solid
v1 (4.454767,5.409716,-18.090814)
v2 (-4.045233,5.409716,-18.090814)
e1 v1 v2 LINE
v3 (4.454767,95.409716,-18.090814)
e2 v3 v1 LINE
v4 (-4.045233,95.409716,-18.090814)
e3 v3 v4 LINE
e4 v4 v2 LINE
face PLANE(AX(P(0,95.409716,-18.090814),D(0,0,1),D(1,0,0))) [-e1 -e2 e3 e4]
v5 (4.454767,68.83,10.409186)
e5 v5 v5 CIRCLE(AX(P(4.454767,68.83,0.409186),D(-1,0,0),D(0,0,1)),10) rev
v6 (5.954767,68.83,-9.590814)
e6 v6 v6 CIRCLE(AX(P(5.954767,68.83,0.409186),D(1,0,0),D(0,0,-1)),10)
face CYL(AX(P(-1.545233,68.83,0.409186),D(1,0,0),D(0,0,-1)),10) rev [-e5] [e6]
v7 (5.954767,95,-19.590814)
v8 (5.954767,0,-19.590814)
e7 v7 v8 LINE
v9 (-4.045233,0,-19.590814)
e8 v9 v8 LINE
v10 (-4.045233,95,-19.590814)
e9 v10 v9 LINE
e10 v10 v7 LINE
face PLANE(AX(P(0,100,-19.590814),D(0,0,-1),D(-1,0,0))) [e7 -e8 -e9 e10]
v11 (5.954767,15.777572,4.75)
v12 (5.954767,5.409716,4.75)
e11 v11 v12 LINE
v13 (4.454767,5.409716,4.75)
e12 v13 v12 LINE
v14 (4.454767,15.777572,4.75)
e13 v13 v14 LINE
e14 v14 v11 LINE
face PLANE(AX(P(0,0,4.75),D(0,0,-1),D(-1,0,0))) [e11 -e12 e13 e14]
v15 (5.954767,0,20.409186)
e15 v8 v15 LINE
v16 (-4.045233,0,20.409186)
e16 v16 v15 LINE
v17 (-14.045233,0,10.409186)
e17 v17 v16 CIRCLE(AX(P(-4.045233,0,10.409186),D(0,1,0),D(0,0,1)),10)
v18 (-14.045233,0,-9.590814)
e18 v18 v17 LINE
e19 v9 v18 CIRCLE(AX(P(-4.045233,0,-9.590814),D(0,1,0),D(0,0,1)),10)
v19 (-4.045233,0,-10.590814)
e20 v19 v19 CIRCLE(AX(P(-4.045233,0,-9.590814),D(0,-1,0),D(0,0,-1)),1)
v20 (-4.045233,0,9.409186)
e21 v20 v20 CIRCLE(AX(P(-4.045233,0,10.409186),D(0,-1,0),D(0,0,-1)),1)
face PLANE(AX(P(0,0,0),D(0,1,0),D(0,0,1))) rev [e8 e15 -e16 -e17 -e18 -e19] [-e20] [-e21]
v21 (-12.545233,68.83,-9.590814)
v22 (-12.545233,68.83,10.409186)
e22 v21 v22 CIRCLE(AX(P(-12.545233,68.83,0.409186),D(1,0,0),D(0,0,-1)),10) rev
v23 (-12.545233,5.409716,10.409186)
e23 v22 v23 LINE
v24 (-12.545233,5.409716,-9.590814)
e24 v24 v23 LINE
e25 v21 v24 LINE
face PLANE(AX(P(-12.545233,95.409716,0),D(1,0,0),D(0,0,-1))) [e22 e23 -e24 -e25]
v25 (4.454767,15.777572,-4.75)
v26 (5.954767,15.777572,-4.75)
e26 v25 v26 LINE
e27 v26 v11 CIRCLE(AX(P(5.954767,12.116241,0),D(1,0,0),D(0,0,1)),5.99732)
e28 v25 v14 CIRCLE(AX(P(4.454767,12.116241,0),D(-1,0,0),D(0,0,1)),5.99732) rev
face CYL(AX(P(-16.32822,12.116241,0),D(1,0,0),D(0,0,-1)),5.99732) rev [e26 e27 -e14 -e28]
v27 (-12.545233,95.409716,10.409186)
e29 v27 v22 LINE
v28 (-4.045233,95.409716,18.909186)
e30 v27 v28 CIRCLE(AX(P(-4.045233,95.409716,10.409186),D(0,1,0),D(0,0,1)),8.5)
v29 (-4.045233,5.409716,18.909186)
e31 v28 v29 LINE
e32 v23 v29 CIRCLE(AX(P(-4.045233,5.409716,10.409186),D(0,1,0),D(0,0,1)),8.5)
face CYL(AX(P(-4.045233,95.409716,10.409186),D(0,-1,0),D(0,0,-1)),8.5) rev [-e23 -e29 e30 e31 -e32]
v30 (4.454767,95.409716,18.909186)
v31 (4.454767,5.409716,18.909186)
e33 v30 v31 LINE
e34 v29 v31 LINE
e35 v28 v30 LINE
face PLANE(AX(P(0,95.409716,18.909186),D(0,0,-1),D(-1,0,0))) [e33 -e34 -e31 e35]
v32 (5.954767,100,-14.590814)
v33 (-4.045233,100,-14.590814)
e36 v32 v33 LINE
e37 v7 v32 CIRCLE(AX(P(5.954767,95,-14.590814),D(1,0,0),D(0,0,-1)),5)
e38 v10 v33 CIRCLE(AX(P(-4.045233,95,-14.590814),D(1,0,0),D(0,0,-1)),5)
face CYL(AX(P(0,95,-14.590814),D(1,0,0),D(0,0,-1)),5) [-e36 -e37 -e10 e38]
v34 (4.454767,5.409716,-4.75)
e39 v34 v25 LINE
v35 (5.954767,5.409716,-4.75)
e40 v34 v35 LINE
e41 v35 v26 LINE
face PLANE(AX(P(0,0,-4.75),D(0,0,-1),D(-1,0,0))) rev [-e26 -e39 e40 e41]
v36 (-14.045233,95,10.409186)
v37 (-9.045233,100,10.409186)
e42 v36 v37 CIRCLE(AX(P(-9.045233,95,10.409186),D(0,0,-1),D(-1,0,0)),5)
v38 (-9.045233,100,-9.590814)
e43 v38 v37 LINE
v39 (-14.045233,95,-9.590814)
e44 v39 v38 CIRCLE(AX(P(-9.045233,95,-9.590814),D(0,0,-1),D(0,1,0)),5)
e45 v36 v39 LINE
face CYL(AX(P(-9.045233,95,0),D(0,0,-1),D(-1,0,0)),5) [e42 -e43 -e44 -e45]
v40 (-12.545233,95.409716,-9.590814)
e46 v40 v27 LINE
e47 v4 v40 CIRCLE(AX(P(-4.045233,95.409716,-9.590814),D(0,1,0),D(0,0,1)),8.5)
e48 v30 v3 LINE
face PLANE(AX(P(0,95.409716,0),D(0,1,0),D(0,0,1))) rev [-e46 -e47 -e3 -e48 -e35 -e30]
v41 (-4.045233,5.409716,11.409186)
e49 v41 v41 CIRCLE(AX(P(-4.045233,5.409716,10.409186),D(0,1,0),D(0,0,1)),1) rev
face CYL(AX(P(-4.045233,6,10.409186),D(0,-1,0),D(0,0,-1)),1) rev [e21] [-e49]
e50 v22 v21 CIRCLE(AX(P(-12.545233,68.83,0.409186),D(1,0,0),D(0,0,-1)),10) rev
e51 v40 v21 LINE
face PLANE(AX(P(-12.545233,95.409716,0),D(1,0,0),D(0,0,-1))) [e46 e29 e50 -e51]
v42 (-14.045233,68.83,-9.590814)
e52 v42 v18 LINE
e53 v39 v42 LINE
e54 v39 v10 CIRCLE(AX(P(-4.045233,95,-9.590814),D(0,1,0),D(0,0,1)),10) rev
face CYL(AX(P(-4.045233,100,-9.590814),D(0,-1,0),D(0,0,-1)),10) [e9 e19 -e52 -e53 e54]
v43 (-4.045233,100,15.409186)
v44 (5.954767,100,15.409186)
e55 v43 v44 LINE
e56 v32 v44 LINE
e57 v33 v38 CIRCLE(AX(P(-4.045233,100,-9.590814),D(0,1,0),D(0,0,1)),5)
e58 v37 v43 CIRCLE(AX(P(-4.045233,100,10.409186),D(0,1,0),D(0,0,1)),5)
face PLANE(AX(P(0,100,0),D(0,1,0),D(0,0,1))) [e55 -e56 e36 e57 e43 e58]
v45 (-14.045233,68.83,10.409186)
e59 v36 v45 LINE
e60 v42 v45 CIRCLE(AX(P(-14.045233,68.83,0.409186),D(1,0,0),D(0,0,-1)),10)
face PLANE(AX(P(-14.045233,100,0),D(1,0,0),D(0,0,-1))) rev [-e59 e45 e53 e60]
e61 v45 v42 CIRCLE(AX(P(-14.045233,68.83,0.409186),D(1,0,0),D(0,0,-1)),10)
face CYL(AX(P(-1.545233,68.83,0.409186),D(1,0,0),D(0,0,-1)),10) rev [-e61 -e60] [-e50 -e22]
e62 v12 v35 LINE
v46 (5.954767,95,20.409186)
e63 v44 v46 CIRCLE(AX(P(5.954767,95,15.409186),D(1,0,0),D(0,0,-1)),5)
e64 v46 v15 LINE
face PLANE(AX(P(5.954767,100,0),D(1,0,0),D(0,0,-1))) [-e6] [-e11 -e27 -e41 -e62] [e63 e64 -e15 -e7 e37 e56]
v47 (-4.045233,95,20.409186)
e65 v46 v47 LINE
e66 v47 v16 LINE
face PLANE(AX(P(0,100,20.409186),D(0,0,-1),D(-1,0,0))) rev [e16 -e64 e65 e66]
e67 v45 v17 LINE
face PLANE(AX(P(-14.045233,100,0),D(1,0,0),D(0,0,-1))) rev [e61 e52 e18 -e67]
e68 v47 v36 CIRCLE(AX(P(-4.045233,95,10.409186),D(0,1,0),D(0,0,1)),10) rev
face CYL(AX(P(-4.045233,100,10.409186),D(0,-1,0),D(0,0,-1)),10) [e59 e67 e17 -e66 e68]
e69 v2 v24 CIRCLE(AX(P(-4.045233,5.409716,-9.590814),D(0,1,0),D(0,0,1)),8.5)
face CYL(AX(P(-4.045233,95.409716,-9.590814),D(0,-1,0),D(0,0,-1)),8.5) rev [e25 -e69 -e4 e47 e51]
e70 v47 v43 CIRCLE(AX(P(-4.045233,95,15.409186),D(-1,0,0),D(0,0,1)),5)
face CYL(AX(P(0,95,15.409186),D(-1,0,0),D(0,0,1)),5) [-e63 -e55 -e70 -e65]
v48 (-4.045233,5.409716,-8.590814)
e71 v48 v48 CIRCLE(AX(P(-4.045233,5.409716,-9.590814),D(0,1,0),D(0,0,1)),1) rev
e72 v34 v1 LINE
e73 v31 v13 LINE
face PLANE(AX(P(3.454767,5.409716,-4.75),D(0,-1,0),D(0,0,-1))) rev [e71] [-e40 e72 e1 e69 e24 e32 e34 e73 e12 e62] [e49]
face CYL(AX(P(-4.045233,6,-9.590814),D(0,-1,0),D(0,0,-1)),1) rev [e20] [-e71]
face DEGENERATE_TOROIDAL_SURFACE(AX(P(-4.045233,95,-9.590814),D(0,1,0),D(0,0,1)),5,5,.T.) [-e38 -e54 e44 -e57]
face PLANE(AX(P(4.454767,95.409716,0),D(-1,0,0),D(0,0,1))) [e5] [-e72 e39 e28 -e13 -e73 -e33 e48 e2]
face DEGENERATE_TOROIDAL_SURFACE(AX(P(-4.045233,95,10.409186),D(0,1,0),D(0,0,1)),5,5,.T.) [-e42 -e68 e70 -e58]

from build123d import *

# Parameters (mm, degrees)
BOSS_EXTRUDE1_DEPTH = 100
SKETCH2_R           = 10
CUT_EXTRUDE1_DEPTH  = 7.5
CUT_EXTRUDE2_DEPTH  = 4.75
SKETCH6_R           = 1
CUT_EXTRUDE3_DEPTH  = 6
SKETCH7_W           = 9.5
SKETCH7_H           = 7.367856256
CUT_EXTRUDE4_DEPTH  = 6
SKETCH8_W           = 9.5
SKETCH8_H           = 7.367856256
BOSS_EXTRUDE2_DEPTH = 12.5
SKETCH10_R          = 10
CUT_EXTRUDE5_DEPTH  = 68
FILLET1_R           = 5
CUT_EXTRUDE6_DEPTH  = 5
SKETCH13_W          = 9.5
SKETCH13_H          = 3
CUT_EXTRUDE7_DEPTH  = 5
CUT_EXTRUDE8_DEPTH  = 12.5
CUT_EXTRUDE9_DEPTH  = 5
SKETCH17_W          = 11
SKETCH17_H          = 9.5
CUT_EXTRUDE11_DEPTH = 90


with BuildPart() as part:
    # Sketch1 → Boss-Extrude1 (new body)
    with BuildSketch(Plane(origin=(0, 0, 0), x_dir=(1, 0, 0), z_dir=(0, 1, 0))):
        with BuildLine():
            Line((-4.0452326, 19.590813971), (5.9547674, 19.590813971))
            Line((5.9547674, 19.590813971), (5.9547674, -0.409186029))
            Line((5.9547674, -0.409186029), (5.9547674, -20.409186029))
            Line((5.9547674, -20.409186029), (-4.0452326, -20.409186029))
            ThreePointArc((-4.0452326, -20.409186029), (-11.116300412, -17.48025384), (-14.0452326, -10.409186029))
            Line((-14.0452326, -10.409186029), (-14.0452326, 9.590813971))
            ThreePointArc((-14.0452326, 9.590813971), (-11.116300412, 16.661881783), (-4.0452326, 19.590813971))
        make_face()
    extrude(amount=BOSS_EXTRUDE1_DEPTH)

    # Sketch2 → Cut-Extrude1 (cut)
    with BuildSketch(Plane(origin=(5.9547674, 0, 0), x_dir=(0, 0, -1), z_dir=(1, 0, 0))):
        with Locations((-0.409186029, 68.83)):
            Circle(SKETCH2_R)
    extrude(amount=-CUT_EXTRUDE1_DEPTH, mode=Mode.SUBTRACT)

    # Sketch4 → Cut-Extrude2 (cut, symmetric)
    with BuildSketch(Plane.XY):
        Polygon((-1.5452326, 89.777572113), (3.4547674, 89.777572113), (3.4547674, 12.777572113), (3.4547674, 5.409715857), (-15.452876316, 5.409715857), (-15.452876316, 12.777572113), (-1.5452326, 12.777572113), align=None)
    extrude(amount=CUT_EXTRUDE2_DEPTH, both=True, mode=Mode.SUBTRACT)

    # Sketch6 → Cut-Extrude3 (cut)
    with BuildSketch(Plane.XZ):
        with Locations((-4.0452326, -9.590813971)):
            Circle(SKETCH6_R)
        with Locations((-4.0452326, 10.409186029)):
            Circle(SKETCH6_R)
    extrude(amount=-CUT_EXTRUDE3_DEPTH, mode=Mode.SUBTRACT)

    # Sketch7 → Cut-Extrude4 (cut)
    with BuildSketch(Plane.ZY.offset(-3.4547674)):
        with Locations((0, 9.093643985)):
            Rectangle(SKETCH7_W, SKETCH7_H)
    extrude(amount=-CUT_EXTRUDE4_DEPTH, mode=Mode.SUBTRACT)

    # Sketch8 → Boss-Extrude2 (add)
    with BuildSketch(Plane.ZY.offset(14.0452326)):
        with Locations((0, 9.093643985)):
            Rectangle(SKETCH8_W, SKETCH8_H)
    extrude(amount=-BOSS_EXTRUDE2_DEPTH)

    # Sketch10 → Cut-Extrude5 (cut)
    with BuildSketch(Plane(origin=(5.9547674, 0, 0), x_dir=(0, 0, -1), z_dir=(1, 0, 0))):
        with Locations((-0.409186029, 68.83)):
            Circle(SKETCH10_R)
    extrude(amount=-CUT_EXTRUDE5_DEPTH, mode=Mode.SUBTRACT)

    # Fillet1
    fillet1_edges = [part.edges().sort_by_distance(p)[0] for p in [
        (-11.116300412, 100, -16.661881783),
        (-14.0452326, 100, 0.409186029),
        (-11.116300412, 100, 17.48025384),
        (0.9547674, 100, 20.409186029),
        (0.9547674, 100, -19.590813971),
    ]]
    fillet(fillet1_edges, radius=FILLET1_R)

    # Sketch11 → Cut-Extrude6 (cut)
    with BuildSketch(Plane(origin=(-1.5452326, 0, 0), x_dir=(0, 0, -1), z_dir=(1, 0, 0))):
        with BuildLine():
            Line((-4.75, 59.821263459), (-4.75, 5.409715857))
            Line((-4.75, 5.409715857), (4.75, 5.409715857))
            Line((4.75, 5.409715857), (4.75, 60.263623898))
            ThreePointArc((4.75, 60.263623898), (0.055952548, 58.840823552), (-4.75, 59.821263459))
        make_face()
    extrude(amount=-CUT_EXTRUDE6_DEPTH, mode=Mode.SUBTRACT)

    # Sketch13 → Cut-Extrude7 (cut)
    with BuildSketch(Plane(origin=(5.9547674, 0, 0), x_dir=(0, 0, -1), z_dir=(1, 0, 0))):
        with Locations((0, 14.277572113)):
            Rectangle(SKETCH13_W, SKETCH13_H)
    extrude(amount=-CUT_EXTRUDE7_DEPTH, mode=Mode.SUBTRACT)

    # Sketch14 → Cut-Extrude8 (cut)
    with BuildSketch(Plane(origin=(5.9547674, 0, 0), x_dir=(0, 0, -1), z_dir=(1, 0, 0))):
        with BuildLine():
            Line((4.75, 15.777572113), (-4.75, 15.777572113))
            ThreePointArc((-4.75, 15.777572113), (0, 18.113561026), (4.75, 15.777572113))
        make_face()
    extrude(amount=-CUT_EXTRUDE8_DEPTH, mode=Mode.SUBTRACT)

    # Sketch16 → Cut-Extrude9 (cut)
    with BuildSketch(Plane(origin=(-1.5452326, 0, 0), x_dir=(0, 0, -1), z_dir=(1, 0, 0))):
        with BuildLine():
            ThreePointArc((-4.75, 89.777572113), (0, 93.055148297), (4.75, 89.777572113))
            Line((4.75, 89.777572113), (-4.75, 89.777572113))
        make_face()
    extrude(amount=CUT_EXTRUDE9_DEPTH, mode=Mode.SUBTRACT)

    # Sketch17 → Cut-Extrude11 (cut)
    with BuildSketch(Plane(origin=(0, 5.409715857, 0), x_dir=(1, 0, 0), z_dir=(0, 1, 0))):
        with BuildLine():
            Line((4.4547674, 4.75), (4.4547674, 18.090813971))
            Line((4.4547674, 18.090813971), (-4.0452326, 18.090813971))
            ThreePointArc((-4.0452326, 18.090813971), (-10.05564024, 15.601221612), (-12.5452326, 9.590813971))
            Line((-12.5452326, 9.590813971), (-12.5452326, -10.409186029))
            ThreePointArc((-12.5452326, -10.409186029), (-10.05564024, -16.419593669), (-4.0452326, -18.909186029))
            Line((-4.0452326, -18.909186029), (4.4547674, -18.909186029))
            Line((4.4547674, -18.909186029), (4.4547674, -4.75))
            Line((4.4547674, -4.75), (-6.5452326, -4.75))
            Line((-6.5452326, -4.75), (-6.5452326, 4.75))
            Line((-6.5452326, 4.75), (4.4547674, 4.75))
        make_face()
        with Locations((-1.0452326, 0)):
            Rectangle(SKETCH17_W, SKETCH17_H)
    extrude(amount=CUT_EXTRUDE11_DEPTH, mode=Mode.SUBTRACT)


solid = part.part
